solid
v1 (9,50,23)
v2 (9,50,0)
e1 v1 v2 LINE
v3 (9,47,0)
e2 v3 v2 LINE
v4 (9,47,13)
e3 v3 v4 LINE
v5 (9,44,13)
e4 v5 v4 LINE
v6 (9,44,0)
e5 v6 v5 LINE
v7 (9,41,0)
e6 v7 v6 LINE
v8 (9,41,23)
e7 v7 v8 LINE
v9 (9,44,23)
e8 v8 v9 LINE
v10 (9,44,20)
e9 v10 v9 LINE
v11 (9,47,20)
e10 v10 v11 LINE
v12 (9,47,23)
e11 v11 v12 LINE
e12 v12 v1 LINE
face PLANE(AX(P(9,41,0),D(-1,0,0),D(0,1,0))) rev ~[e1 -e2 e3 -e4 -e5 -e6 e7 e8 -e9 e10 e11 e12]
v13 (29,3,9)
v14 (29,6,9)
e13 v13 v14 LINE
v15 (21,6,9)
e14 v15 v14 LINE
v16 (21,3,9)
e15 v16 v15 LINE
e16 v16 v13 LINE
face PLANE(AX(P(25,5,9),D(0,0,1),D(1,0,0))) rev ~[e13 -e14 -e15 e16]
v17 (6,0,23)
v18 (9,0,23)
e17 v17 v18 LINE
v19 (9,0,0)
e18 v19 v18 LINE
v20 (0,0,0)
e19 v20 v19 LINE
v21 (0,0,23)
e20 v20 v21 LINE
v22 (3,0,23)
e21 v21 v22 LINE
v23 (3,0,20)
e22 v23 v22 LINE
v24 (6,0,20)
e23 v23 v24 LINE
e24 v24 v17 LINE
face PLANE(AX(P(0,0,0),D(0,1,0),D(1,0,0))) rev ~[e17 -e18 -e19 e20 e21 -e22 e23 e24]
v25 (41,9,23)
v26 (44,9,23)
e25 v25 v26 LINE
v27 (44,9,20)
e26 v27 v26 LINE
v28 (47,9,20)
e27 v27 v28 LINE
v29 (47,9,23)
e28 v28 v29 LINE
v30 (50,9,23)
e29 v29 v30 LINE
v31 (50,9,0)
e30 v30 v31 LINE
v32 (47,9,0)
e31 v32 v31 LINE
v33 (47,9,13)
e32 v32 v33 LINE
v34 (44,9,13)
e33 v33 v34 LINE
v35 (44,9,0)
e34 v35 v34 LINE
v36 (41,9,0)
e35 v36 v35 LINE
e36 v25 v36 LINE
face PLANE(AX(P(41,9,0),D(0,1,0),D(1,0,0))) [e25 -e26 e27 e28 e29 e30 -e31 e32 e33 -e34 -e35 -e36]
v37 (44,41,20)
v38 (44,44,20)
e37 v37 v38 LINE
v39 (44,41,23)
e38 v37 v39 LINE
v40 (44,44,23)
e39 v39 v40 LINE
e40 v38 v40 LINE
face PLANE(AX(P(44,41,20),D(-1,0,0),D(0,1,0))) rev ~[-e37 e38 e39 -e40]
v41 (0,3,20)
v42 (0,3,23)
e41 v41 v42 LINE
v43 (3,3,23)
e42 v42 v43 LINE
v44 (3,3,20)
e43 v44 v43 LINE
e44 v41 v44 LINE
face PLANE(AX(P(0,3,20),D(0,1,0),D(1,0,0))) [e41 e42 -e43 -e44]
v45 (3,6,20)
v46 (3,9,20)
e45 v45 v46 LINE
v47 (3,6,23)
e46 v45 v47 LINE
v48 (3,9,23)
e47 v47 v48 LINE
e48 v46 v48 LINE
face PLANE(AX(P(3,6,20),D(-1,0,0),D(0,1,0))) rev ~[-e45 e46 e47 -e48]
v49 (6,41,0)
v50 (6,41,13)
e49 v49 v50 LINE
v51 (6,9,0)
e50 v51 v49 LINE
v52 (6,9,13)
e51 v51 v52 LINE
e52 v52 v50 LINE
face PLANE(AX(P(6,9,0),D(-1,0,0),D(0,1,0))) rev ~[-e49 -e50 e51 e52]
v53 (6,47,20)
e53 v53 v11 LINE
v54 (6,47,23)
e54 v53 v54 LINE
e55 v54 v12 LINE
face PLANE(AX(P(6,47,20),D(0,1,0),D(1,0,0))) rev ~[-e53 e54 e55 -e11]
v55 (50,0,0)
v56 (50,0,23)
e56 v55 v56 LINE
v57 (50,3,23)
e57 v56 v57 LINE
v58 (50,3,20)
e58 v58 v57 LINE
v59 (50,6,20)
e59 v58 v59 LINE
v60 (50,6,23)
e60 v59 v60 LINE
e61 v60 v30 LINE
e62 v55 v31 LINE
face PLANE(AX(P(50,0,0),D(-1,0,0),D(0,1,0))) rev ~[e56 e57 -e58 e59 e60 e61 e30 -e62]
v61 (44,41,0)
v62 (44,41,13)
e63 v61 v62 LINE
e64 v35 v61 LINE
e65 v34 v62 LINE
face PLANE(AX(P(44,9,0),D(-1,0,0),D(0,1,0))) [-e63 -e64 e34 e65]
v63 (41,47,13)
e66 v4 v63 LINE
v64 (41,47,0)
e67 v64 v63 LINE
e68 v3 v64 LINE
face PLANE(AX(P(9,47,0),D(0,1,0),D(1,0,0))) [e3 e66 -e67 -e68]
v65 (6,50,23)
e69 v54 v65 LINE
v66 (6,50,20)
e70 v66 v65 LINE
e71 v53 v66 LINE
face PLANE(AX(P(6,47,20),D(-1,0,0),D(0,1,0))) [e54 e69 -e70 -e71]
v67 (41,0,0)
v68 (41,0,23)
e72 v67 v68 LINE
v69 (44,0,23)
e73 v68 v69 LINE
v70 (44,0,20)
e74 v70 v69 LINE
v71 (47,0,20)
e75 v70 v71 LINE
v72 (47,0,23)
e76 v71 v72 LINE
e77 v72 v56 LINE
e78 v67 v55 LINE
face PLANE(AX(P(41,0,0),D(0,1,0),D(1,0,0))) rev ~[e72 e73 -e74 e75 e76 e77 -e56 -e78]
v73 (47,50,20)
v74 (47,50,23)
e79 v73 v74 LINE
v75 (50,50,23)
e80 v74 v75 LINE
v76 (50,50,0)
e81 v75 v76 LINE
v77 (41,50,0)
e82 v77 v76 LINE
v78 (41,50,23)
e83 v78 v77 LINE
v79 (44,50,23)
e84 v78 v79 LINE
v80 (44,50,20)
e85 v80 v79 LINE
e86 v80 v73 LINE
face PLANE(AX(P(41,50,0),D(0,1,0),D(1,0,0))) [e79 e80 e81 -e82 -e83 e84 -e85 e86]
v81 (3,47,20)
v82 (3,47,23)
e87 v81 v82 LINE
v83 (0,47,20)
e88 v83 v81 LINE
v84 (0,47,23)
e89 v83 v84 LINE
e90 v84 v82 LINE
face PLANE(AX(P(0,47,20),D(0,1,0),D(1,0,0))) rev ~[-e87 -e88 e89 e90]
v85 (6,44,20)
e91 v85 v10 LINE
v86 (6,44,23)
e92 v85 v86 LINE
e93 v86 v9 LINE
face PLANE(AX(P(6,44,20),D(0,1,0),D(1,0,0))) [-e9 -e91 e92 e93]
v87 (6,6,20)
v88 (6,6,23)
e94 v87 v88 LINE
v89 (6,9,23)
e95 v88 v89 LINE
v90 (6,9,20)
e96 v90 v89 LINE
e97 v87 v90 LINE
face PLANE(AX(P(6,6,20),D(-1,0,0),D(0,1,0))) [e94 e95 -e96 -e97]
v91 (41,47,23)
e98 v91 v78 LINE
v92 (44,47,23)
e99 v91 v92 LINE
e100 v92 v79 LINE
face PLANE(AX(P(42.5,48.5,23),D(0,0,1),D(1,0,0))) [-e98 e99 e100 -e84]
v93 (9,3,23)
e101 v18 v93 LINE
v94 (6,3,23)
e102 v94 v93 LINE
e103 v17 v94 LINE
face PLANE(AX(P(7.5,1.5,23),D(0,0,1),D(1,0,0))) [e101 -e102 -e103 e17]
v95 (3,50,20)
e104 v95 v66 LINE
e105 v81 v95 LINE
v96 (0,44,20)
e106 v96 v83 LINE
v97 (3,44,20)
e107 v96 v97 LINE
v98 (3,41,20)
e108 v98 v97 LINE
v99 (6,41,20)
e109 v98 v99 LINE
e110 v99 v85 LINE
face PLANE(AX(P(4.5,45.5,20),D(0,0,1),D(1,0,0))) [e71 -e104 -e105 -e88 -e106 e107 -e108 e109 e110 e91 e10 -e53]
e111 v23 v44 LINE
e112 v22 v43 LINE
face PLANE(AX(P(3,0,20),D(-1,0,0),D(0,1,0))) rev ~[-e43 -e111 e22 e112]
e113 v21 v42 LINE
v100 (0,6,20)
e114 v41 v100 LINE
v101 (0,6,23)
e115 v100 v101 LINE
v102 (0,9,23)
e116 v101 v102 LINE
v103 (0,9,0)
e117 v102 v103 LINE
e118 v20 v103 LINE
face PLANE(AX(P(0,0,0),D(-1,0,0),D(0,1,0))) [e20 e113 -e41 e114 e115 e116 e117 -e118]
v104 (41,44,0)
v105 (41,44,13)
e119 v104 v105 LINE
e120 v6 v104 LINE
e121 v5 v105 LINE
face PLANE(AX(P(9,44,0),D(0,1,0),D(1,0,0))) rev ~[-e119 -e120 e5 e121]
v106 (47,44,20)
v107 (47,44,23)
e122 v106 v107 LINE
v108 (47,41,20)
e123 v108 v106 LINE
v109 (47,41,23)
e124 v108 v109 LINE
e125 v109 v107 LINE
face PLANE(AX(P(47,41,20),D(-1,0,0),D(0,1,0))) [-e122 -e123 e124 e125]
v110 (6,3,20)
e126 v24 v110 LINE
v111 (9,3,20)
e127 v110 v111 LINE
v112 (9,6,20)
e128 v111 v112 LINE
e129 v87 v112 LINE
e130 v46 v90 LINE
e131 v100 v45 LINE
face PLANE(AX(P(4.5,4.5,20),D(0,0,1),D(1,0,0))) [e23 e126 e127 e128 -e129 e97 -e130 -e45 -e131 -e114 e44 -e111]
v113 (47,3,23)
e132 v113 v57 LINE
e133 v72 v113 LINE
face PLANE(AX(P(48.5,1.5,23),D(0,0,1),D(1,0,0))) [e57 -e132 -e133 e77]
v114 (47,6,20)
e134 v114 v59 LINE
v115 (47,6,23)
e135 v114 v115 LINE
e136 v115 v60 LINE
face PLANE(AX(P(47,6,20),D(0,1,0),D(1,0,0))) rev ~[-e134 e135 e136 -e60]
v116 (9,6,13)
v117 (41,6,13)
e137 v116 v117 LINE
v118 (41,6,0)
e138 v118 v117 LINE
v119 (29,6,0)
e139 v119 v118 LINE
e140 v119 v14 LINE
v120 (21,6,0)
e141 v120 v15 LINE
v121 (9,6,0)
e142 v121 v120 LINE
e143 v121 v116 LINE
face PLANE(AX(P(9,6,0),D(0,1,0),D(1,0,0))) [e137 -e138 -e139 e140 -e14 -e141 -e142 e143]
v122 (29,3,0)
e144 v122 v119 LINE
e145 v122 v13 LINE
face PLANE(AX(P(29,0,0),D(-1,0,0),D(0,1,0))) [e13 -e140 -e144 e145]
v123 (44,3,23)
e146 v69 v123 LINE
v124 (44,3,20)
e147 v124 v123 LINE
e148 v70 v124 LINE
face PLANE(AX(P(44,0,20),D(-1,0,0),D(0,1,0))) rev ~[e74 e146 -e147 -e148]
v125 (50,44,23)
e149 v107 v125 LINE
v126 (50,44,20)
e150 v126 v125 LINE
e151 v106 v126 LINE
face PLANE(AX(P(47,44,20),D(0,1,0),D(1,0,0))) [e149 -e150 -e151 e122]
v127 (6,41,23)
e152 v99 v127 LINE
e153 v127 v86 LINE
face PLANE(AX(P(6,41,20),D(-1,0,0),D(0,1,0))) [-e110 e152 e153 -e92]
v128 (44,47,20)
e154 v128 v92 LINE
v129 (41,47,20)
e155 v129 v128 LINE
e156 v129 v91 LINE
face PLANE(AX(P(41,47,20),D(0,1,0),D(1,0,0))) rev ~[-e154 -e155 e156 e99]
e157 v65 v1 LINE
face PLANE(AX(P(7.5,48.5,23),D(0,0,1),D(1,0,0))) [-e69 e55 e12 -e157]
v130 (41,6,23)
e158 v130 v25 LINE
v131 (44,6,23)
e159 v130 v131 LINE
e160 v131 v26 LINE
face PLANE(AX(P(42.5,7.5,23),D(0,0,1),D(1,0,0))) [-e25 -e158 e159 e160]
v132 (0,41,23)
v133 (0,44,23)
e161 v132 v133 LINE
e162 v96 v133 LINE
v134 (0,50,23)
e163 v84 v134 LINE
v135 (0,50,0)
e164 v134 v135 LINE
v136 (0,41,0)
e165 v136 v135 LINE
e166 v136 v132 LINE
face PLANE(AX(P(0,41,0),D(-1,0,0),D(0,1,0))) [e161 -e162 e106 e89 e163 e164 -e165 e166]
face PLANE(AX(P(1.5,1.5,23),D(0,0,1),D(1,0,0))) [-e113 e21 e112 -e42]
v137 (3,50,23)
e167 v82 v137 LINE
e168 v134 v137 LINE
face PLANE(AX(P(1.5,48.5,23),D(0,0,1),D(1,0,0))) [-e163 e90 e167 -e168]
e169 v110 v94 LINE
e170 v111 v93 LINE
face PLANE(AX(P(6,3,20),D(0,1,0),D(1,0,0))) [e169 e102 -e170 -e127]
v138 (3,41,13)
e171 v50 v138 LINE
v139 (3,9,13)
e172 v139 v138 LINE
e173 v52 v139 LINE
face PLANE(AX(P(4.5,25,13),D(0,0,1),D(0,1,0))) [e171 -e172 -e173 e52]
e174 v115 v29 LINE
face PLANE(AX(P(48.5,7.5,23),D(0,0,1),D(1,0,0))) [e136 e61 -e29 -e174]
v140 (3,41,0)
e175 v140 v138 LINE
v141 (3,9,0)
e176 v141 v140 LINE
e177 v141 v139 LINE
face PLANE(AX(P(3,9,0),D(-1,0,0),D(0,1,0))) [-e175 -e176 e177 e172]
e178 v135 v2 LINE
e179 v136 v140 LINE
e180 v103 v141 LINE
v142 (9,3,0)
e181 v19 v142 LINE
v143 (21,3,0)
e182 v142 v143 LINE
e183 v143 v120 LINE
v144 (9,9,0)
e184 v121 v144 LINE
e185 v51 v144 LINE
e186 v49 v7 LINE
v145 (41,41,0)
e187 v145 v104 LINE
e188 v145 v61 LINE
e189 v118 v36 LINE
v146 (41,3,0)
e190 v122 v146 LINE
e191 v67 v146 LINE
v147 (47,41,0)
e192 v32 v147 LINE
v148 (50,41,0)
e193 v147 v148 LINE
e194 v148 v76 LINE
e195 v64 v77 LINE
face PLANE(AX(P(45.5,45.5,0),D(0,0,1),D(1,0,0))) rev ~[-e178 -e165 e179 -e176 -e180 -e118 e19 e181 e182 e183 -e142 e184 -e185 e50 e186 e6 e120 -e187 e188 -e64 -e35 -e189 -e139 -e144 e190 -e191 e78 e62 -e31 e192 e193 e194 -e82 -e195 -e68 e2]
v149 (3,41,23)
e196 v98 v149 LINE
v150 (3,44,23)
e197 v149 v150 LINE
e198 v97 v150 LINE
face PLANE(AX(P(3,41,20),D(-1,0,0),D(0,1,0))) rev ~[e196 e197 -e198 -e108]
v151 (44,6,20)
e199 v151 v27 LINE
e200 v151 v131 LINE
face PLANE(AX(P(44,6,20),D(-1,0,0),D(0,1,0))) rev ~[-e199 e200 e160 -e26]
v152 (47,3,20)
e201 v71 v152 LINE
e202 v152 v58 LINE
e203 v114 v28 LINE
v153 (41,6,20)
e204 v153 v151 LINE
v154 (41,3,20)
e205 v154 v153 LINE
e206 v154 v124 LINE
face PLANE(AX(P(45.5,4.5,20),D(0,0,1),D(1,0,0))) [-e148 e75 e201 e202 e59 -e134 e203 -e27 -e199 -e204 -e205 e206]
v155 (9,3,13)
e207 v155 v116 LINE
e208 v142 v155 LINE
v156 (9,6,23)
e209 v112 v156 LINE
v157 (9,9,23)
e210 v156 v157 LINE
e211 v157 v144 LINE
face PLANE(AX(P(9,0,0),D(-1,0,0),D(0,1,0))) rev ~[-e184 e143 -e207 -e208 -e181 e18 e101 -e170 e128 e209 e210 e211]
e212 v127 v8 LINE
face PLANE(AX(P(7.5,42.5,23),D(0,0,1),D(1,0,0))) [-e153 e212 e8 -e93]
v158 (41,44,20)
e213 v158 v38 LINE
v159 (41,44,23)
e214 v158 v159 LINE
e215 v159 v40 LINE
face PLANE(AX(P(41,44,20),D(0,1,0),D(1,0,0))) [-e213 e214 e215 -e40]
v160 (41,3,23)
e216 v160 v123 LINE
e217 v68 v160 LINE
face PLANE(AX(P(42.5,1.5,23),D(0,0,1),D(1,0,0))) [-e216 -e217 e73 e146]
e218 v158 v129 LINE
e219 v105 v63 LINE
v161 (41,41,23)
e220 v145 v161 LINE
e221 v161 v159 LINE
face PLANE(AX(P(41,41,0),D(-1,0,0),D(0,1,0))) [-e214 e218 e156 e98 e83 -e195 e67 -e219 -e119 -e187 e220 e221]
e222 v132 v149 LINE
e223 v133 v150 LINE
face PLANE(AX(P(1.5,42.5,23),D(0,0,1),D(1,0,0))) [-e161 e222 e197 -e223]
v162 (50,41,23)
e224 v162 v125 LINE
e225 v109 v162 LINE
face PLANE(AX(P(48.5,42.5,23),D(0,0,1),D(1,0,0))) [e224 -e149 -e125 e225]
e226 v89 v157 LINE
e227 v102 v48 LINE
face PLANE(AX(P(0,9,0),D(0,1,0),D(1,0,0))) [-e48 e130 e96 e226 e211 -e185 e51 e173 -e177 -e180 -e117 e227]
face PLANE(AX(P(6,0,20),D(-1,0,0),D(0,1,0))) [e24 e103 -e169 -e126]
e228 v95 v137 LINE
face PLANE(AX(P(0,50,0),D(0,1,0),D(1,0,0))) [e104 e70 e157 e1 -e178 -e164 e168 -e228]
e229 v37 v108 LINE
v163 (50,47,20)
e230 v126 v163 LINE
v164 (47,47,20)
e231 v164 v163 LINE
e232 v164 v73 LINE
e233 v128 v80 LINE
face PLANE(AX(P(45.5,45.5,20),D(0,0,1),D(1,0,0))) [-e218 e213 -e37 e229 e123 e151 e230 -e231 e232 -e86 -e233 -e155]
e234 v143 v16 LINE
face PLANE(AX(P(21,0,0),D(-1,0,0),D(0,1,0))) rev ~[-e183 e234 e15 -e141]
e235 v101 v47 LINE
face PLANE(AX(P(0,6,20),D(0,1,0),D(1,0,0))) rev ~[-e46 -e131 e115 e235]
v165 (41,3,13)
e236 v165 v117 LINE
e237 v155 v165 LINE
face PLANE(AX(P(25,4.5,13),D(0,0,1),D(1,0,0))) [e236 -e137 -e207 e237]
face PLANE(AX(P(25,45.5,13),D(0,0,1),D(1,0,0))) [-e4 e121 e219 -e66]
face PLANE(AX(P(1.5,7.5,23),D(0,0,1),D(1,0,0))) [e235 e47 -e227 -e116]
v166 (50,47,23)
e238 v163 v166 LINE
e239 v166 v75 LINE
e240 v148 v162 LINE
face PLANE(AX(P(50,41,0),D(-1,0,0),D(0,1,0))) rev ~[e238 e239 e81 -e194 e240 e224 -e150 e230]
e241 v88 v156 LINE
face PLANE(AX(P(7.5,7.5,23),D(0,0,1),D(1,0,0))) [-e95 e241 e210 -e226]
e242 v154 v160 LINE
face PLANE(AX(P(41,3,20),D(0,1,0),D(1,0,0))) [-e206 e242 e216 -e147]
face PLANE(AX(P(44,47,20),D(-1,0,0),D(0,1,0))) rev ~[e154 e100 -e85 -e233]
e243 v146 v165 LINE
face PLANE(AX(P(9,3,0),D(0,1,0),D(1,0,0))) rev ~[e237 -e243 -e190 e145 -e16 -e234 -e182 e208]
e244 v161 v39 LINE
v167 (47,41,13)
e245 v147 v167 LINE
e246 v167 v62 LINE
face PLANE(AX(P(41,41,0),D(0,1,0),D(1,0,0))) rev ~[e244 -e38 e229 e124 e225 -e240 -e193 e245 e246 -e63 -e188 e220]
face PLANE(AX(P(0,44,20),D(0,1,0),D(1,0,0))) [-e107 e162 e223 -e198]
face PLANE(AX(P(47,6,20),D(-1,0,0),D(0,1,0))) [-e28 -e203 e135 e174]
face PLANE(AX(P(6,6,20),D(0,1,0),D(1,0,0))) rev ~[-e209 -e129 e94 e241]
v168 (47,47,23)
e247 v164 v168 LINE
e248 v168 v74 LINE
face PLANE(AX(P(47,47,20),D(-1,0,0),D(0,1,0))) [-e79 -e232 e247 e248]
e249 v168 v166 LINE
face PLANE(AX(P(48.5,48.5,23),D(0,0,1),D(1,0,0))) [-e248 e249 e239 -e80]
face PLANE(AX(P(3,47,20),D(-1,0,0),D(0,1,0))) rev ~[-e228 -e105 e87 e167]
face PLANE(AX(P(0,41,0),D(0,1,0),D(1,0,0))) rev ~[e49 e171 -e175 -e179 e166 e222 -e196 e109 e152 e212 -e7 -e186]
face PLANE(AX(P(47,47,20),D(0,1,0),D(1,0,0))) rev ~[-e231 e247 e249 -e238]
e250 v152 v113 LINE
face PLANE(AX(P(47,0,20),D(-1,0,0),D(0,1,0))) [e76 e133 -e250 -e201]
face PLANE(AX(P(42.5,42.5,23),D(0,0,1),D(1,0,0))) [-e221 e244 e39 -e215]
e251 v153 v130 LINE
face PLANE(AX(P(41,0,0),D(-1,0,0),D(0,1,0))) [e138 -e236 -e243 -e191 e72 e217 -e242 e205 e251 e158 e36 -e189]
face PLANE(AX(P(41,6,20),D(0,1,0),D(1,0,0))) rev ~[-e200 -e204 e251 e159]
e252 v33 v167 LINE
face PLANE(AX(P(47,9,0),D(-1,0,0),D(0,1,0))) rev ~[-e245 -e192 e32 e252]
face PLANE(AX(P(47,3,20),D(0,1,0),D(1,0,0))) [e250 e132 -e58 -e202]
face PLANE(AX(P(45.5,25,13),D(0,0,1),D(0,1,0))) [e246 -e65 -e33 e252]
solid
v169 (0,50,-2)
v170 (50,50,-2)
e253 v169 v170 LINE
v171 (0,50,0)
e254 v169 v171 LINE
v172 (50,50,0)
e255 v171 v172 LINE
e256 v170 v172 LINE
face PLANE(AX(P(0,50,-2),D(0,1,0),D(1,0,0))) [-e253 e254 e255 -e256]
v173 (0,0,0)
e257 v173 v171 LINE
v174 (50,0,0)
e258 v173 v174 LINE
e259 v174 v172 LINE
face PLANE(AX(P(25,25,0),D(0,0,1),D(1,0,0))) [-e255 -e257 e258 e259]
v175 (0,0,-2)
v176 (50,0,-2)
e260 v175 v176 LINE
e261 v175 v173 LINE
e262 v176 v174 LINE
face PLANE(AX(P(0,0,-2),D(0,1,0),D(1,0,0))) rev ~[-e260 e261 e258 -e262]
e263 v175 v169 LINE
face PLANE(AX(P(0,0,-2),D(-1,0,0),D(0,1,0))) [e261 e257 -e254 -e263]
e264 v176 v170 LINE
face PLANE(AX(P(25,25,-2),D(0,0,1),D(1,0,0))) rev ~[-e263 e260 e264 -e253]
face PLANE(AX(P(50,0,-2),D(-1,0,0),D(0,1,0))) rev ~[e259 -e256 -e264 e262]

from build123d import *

# Parameters (mm, degrees)
BOX_W                  = 50
BOX_H                  = 50
BOX_DEPTH              = 2
BOX010_W               = 8
BOX010_H               = 10
BOX010_DEPTH           = 9
BOX006_W               = 32
BOX006_H               = 3
BOX006_DEPTH           = 13
BOX009_W               = 32
BOX009_H               = 3
BOX009_DEPTH           = 13
BOX009_PLACEMENT_ANGLE = 90
BOX007_W               = 32
BOX007_H               = 3
BOX007_DEPTH           = 13
BOX005_W               = 3
BOX005_H               = 3
BOX005_DEPTH           = 3
BOX004_W               = 3
BOX004_H               = 3
BOX004_DEPTH           = 3
BOX003_W               = 3
BOX003_H               = 3
BOX003_DEPTH           = 3
BOX002_W               = 9
BOX002_H               = 9
BOX002_DEPTH           = 20
BOX001_W               = 3
BOX001_H               = 3
BOX001_DEPTH           = 3
BOX008_W               = 32
BOX008_H               = 3
BOX008_DEPTH           = 13
BOX008_PLACEMENT_ANGLE = 90


with BuildPart() as base:
    # Box → Box (new body)
    with BuildSketch(Plane.XY.offset(-2)):
        with Locations((25, 25)):
            Rectangle(BOX_W, BOX_H)
    extrude(amount=BOX_DEPTH)


with BuildPart() as puerta:
    # Box010 → Box010 (new body)
    with BuildSketch(Plane(origin=(21, 0, 0), x_dir=(1, 0, 0), z_dir=(0, 0, 1))):
        with Locations((4, 5)):
            Rectangle(BOX010_W, BOX010_H)
    extrude(amount=BOX010_DEPTH)


with BuildPart() as muro_puerta:
    # Box006 → Box006 (new body)
    with BuildSketch(Plane(origin=(9, 3, 0), x_dir=(1, 0, 0), z_dir=(0, 0, 1))):
        with Locations((16, 1.5)):
            Rectangle(BOX006_W, BOX006_H)
    extrude(amount=BOX006_DEPTH)

    # Cut: cut puerta
    add(puerta.part, mode=Mode.SUBTRACT)


with BuildPart() as muro003:
    # Box009 → Box009 (new body)
    with BuildSketch(Plane.XY):
        with Locations((16, 1.5)):
            Rectangle(BOX009_W, BOX009_H)
    extrude(amount=BOX009_DEPTH)


with BuildPart() as muro003_1:
    # Box009 placement: moved
    add(muro003.part.moved(Location((47, 9, 0))).rotate(Axis((47, 9, 0), (0, 0, 1)), BOX009_PLACEMENT_ANGLE))


with BuildPart() as muro001:
    # Box007 → Box007 (new body)
    with BuildSketch(Plane(origin=(9, 44, 0), x_dir=(1, 0, 0), z_dir=(0, 0, 1))):
        with Locations((16, 1.5)):
            Rectangle(BOX007_W, BOX007_H)
    extrude(amount=BOX007_DEPTH)


with BuildPart() as almena003:
    # Box005 → Box005 (new body)
    with BuildSketch(Plane(origin=(6, 6, 20), x_dir=(1, 0, 0), z_dir=(0, 0, 1))):
        with Locations((1.5, 1.5)):
            Rectangle(BOX005_W, BOX005_H)
    extrude(amount=BOX005_DEPTH)


with BuildPart() as almena002:
    # Box004 → Box004 (new body)
    with BuildSketch(Plane(origin=(0, 6, 20), x_dir=(1, 0, 0), z_dir=(0, 0, 1))):
        with Locations((1.5, 1.5)):
            Rectangle(BOX004_W, BOX004_H)
    extrude(amount=BOX004_DEPTH)


with BuildPart() as almena001:
    # Box003 → Box003 (new body)
    with BuildSketch(Plane(origin=(6, 0, 20), x_dir=(1, 0, 0), z_dir=(0, 0, 1))):
        with Locations((1.5, 1.5)):
            Rectangle(BOX003_W, BOX003_H)
    extrude(amount=BOX003_DEPTH)


with BuildPart() as base_torre:
    # Box002 → Box002 (new body)
    with BuildSketch(Plane.XY):
        with Locations((4.5, 4.5)):
            Rectangle(BOX002_W, BOX002_H)
    extrude(amount=BOX002_DEPTH)


with BuildPart() as almena:
    # Box001 → Box001 (new body)
    with BuildSketch(Plane.XY.offset(20)):
        with Locations((1.5, 1.5)):
            Rectangle(BOX001_W, BOX001_H)
    extrude(amount=BOX001_DEPTH)


with BuildPart() as fusion002:
    # Fusion002 base: copy of Almena
    add(almena.part)

    # Fusion002: union Almena003, Almena002, Almena001, Base-torre
    add(almena003.part)
    add(almena002.part)
    add(almena001.part)
    add(base_torre.part)


with BuildPart() as fusion002_1:
    # Fusion002 placement: moved
    add(fusion002.part.moved(Location((0, 41, 0))))


with BuildPart() as fusion001:
    # Fusion001 base: copy of Almena
    add(almena.part)

    # Fusion001: union Almena003, Almena002, Almena001, Base-torre
    add(almena003.part)
    add(almena002.part)
    add(almena001.part)
    add(base_torre.part)


with BuildPart() as fusion001_1:
    # Fusion001 placement: moved
    add(fusion001.part.moved(Location((41, 0, 0))))


with BuildPart() as fusion003:
    # Fusion003 base: copy of Almena
    add(almena.part)

    # Fusion003: union Almena003, Almena002, Almena001, Base-torre
    add(almena003.part)
    add(almena002.part)
    add(almena001.part)
    add(base_torre.part)


with BuildPart() as fusion003_1:
    # Fusion003 placement: moved
    add(fusion003.part.moved(Location((41, 41, 0))))


with BuildPart() as muro002:
    # Box008 → Box008 (new body)
    with BuildSketch(Plane.XY):
        with Locations((16, 1.5)):
            Rectangle(BOX008_W, BOX008_H)
    extrude(amount=BOX008_DEPTH)


with BuildPart() as muro002_1:
    # Box008 placement: moved
    add(muro002.part.moved(Location((6, 9, 0))).rotate(Axis((6, 9, 0), (0, 0, 1)), BOX008_PLACEMENT_ANGLE))


with BuildPart() as castillo:
    # Fusion base: copy of Almena
    add(almena.part)

    # Fusion: union Almena003, Almena002, Almena001, Base-torre
    add(almena003.part)
    add(almena002.part)
    add(almena001.part)
    add(base_torre.part)

    # Fusion004: union Muro-puerta, Muro003, Muro001, Fusion002, Fusion001, Fusion003, Muro002
    add(muro_puerta.part)
    add(muro003_1.part)
    add(muro001.part)
    add(fusion002_1.part)
    add(fusion001_1.part)
    add(fusion003_1.part)
    add(muro002_1.part)


solid = Compound([base.part, castillo.part])
